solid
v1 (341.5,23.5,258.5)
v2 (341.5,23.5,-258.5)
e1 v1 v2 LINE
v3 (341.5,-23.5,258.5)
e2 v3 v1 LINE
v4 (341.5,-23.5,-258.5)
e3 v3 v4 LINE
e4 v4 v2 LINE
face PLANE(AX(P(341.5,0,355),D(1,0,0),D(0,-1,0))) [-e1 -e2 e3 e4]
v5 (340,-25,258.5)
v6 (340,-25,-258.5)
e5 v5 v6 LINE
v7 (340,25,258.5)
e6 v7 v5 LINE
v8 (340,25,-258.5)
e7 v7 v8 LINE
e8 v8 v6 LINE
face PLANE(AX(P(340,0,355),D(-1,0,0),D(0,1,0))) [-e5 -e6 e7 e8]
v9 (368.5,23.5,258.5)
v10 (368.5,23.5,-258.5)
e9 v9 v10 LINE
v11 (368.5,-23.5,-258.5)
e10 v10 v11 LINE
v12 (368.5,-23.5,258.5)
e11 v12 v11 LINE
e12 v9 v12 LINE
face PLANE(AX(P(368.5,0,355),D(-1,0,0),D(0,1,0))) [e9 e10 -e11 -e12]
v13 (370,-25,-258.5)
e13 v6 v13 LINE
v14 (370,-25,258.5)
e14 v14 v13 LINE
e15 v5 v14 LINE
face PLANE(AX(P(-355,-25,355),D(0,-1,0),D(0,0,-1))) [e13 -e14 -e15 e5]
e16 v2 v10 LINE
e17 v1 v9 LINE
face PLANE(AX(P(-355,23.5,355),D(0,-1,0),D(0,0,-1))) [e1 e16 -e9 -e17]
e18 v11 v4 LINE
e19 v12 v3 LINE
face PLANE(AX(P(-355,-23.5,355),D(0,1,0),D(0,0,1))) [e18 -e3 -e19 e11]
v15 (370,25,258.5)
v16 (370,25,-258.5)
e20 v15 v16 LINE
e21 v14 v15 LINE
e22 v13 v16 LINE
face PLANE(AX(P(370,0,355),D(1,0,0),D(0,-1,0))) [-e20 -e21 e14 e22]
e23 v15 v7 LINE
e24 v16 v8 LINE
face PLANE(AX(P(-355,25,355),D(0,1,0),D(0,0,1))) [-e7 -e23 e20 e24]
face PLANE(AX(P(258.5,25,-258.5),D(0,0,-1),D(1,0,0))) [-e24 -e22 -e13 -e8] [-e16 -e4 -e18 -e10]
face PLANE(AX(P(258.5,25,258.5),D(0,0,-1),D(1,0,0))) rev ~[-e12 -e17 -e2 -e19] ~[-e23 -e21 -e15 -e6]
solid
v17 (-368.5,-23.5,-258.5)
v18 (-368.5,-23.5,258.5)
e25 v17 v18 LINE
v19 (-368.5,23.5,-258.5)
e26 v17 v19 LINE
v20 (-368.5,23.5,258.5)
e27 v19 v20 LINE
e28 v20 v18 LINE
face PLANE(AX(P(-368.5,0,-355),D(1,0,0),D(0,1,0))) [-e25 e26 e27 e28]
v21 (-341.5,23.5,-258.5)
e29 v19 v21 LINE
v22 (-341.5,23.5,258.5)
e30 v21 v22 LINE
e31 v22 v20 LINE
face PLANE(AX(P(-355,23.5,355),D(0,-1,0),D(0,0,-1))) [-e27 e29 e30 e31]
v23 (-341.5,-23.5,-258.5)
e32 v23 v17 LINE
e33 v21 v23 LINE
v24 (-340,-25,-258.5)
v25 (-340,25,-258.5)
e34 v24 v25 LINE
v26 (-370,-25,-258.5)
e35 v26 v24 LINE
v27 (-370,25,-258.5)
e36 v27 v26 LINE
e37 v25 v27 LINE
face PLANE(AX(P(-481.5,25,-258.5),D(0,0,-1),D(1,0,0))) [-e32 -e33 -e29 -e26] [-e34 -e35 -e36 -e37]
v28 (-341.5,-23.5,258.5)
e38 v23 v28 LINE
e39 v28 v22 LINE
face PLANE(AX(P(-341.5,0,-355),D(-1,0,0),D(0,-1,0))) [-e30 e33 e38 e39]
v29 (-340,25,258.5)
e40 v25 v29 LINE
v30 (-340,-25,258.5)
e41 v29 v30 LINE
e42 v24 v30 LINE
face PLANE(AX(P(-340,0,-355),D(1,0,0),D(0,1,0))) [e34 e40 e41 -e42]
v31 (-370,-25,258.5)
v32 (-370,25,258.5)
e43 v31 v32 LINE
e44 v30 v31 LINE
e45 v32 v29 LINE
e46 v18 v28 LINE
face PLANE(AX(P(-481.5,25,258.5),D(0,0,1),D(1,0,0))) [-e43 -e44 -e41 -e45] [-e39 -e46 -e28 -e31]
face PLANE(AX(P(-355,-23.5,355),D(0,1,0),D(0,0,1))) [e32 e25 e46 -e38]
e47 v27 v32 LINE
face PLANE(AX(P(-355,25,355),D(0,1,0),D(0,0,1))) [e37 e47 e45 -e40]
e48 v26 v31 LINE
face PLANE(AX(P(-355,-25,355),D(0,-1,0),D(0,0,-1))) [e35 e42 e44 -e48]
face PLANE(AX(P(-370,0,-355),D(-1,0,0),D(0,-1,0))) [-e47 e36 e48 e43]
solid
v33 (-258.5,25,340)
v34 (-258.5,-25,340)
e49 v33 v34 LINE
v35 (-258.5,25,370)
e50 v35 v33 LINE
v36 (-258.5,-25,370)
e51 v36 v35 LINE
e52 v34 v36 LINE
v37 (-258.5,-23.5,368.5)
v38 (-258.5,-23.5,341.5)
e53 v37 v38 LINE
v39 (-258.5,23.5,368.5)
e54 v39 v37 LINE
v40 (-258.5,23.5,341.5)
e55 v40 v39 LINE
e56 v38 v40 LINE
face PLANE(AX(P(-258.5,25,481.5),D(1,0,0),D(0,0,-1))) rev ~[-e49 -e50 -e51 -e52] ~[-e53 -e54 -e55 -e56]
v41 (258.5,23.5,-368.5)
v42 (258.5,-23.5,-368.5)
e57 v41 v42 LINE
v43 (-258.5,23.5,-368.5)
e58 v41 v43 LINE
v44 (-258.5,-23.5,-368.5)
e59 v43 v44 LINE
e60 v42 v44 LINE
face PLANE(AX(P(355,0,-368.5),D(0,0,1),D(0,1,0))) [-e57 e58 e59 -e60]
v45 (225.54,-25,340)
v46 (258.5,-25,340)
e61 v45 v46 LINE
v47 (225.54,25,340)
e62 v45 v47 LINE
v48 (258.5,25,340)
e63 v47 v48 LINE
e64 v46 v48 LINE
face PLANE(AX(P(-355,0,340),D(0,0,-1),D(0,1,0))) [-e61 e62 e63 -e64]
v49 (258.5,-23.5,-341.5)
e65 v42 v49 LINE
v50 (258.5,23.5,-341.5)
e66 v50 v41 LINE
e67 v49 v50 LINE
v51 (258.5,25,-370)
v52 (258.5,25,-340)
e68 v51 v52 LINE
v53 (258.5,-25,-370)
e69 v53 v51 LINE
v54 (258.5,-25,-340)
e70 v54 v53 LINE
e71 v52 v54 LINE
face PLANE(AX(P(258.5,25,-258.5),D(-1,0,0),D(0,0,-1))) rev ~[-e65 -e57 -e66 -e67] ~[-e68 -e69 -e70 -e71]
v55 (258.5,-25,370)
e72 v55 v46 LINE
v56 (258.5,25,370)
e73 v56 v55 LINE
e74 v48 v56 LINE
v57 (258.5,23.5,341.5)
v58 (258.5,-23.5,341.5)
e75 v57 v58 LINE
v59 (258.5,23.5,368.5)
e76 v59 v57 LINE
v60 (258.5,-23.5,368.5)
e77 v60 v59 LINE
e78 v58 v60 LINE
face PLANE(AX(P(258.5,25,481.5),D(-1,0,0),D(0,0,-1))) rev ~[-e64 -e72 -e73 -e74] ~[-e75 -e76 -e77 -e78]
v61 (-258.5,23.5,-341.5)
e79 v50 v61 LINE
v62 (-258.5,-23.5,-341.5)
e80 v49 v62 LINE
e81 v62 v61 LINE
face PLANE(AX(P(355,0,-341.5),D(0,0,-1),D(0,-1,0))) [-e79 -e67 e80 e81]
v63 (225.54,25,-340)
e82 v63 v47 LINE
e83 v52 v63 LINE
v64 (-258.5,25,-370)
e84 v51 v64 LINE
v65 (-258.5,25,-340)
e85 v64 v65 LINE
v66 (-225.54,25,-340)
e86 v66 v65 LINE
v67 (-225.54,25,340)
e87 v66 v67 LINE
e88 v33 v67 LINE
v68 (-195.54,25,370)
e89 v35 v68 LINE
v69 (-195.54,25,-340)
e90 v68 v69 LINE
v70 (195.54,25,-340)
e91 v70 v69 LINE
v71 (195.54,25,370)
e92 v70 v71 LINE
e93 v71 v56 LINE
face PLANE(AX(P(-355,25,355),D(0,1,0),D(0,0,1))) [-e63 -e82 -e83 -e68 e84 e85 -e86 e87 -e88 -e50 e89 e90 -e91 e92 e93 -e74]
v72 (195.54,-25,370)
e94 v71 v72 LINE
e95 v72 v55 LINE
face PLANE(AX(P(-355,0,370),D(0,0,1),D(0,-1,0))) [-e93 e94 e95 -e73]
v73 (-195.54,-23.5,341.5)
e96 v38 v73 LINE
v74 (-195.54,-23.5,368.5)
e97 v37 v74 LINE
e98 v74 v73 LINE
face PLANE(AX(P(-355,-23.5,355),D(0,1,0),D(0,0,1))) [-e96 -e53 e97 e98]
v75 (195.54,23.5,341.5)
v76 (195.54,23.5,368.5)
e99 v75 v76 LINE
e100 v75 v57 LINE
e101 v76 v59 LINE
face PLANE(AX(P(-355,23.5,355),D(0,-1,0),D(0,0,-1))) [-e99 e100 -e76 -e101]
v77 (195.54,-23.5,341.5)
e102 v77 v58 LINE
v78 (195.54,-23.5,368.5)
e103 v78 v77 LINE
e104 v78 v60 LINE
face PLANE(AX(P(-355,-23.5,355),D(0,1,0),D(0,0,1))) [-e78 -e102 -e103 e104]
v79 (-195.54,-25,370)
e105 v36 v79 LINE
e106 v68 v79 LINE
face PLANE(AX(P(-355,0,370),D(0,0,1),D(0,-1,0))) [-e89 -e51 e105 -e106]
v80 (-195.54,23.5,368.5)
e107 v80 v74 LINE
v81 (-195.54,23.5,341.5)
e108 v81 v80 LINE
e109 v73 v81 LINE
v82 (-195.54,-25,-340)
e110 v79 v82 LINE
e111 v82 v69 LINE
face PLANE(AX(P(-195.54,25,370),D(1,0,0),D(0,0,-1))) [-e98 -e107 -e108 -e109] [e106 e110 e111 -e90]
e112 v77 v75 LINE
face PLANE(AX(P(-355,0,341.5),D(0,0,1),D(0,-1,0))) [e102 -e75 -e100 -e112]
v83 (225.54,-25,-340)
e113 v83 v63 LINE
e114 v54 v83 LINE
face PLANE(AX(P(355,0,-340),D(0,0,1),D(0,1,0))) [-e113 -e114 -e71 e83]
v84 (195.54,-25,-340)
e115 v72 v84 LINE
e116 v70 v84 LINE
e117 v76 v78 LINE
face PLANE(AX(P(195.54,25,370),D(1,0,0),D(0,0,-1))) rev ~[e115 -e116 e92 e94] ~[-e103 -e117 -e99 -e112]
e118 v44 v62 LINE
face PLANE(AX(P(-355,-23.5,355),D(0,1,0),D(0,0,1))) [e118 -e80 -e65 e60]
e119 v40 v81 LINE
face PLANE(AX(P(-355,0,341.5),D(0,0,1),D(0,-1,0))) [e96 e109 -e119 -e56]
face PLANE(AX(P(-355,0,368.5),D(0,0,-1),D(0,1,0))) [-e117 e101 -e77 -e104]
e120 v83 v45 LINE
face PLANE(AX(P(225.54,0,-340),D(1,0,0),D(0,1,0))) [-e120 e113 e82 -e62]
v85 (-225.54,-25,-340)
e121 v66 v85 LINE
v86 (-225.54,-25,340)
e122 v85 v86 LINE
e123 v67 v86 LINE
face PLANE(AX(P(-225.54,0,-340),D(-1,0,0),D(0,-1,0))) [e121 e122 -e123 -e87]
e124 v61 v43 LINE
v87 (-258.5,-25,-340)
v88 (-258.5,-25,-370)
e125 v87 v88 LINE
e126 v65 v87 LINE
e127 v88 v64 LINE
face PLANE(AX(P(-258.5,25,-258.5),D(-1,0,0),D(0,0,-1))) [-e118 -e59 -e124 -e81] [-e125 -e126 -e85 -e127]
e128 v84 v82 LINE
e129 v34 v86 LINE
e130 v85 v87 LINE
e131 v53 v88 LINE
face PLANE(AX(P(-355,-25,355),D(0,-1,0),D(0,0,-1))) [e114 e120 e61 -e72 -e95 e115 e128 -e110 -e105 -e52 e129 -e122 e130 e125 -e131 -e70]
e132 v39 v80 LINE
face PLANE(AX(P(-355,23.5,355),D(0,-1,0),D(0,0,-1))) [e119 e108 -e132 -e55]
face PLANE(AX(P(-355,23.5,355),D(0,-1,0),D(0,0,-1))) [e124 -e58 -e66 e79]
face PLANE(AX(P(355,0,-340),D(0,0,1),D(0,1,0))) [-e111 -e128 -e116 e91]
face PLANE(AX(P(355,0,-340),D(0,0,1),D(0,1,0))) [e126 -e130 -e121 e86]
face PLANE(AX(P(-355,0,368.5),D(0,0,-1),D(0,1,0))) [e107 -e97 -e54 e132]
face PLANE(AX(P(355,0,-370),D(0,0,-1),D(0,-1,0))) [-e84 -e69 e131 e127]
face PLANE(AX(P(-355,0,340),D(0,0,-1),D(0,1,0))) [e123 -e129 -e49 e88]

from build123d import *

# Parameters (mm, degrees)
ESBO_O2_W             = 30
ESBO_O2_H             = 50
ESBO_O2_W_2           = 27
ESBO_O2_H_2           = 47
ESBO_O3_W             = 223
ESBO_O3_H             = 223
CORTE_EXTRUS_O1_DEPTH = 185
ESBO_O6_W             = 30
ESBO_O6_H             = 50
ESBO_O8_W             = 30
ESBO_O8_H             = 50
ESBO_O13_W            = 391.08
ESBO_O13_H            = 30
CORTE_EXTRUS_O3_DEPTH = 92


with BuildPart() as part:
    # Varredura1: sweep along a path in Esboço1
    with BuildLine(Plane(origin=(0, 0, 0), x_dir=(1, 0, 0), z_dir=(0, 1, 0))) as varredura1_path:
        Line((-355, -355), (355, -355))
        Line((355, -355), (355, 355))
        Line((355, 355), (-355, 355))
        Line((-355, 355), (-355, -355))
    # Esboço2 → Varredura1 (sweep)
    with BuildSketch(Plane.XY):
        with Locations((-355, 0)):
            Rectangle(ESBO_O2_W, ESBO_O2_H)
        with Locations((-355, 0)):
            Rectangle(ESBO_O2_W_2, ESBO_O2_H_2, mode=Mode.SUBTRACT)
    sweep(path=varredura1_path.line, transition=Transition.RIGHT)

    # Esboço3 → Corte-extrusão1 (cut, symmetric)
    with BuildSketch(Plane(origin=(0, 25, 0), x_dir=(1, 0, 0), z_dir=(0, 1, 0))):
        with Locations((-370, 370)):
            Rectangle(ESBO_O3_W, ESBO_O3_H)
        with Locations((370, 370)):
            Rectangle(ESBO_O3_W, ESBO_O3_H)
        with Locations((370, -370)):
            Rectangle(ESBO_O3_W, ESBO_O3_H)
        with Locations((-370, -370)):
            Rectangle(ESBO_O3_W, ESBO_O3_H)
    extrude(amount=CORTE_EXTRUS_O1_DEPTH, both=True, mode=Mode.SUBTRACT)


with BuildPart() as corte_extrus_o1_piece_1:
    # of the separate pieces the step leaves, piece 1, a body of its own (corte_extrus_o1_pieces)
    add(part.part.solids().sort_by_distance((-370, -25, 258.5))[0])


with BuildPart() as corte_extrus_o1_piece_2:
    # of the separate pieces the step leaves, piece 2, a body of its own (corte_extrus_o1_pieces)
    add(part.part.solids().sort_by_distance((-258.5, -25, -340))[0])



with BuildPart() as corte_extrus_o1_piece_3:
    # of the separate pieces the step leaves, piece 3, a body of its own (corte_extrus_o1_pieces)
    add(part.part.solids().sort_by_distance((-258.5, -25, 370))[0])


with BuildPart() as corte_extrus_o1_piece_4:
    # of the separate pieces the step leaves, piece 4, a body of its own (corte_extrus_o1_pieces)
    add(part.part.solids().sort_by_distance((370, -25, 258.5))[0])


with BuildPart() as corte_extrus_o1_piece_2_1:
    add(corte_extrus_o1_piece_2.part)

    add(corte_extrus_o1_piece_3.part)  # Varredura2 merges Corte-extrusão1 piece 3
    # Varredura2: sweep along a path in Esboço4
    with BuildLine(Plane(origin=(0, 0, 0), x_dir=(1, 0, 0), z_dir=(0, 1, 0))) as varredura2_path:
        Line((-210.54, 340), (-210.54, -340))
    # Esboço6 → Varredura2 (sweep)
    with BuildSketch(Plane.XY):
        with Locations((-210.54, 0)):
            Rectangle(ESBO_O6_W, ESBO_O6_H)
    sweep(path=varredura2_path.line)

    # Varredura3: sweep along a path in Esboço7
    with BuildLine(Plane(origin=(0, 0, 0), x_dir=(1, 0, 0), z_dir=(0, 1, 0))) as varredura3_path:
        Line((210.54, 340), (210.54, -340))
    # Esboço8 → Varredura3 (sweep)
    with BuildSketch(Plane.XY):
        with Locations((210.54, 0)):
            Rectangle(ESBO_O8_W, ESBO_O8_H)
    sweep(path=varredura3_path.line)

    # Esboço13 → Corte-extrusão3 (cut)
    with BuildSketch(Plane(origin=(0, 25, 0), x_dir=(1, 0, 0), z_dir=(0, 1, 0))):
        with Locations((0, -355)):
            Rectangle(ESBO_O13_W, ESBO_O13_H)
    extrude(amount=-CORTE_EXTRUS_O3_DEPTH, mode=Mode.SUBTRACT)


solid = Compound([corte_extrus_o1_piece_1.part, corte_extrus_o1_piece_4.part, corte_extrus_o1_piece_2_1.part])
